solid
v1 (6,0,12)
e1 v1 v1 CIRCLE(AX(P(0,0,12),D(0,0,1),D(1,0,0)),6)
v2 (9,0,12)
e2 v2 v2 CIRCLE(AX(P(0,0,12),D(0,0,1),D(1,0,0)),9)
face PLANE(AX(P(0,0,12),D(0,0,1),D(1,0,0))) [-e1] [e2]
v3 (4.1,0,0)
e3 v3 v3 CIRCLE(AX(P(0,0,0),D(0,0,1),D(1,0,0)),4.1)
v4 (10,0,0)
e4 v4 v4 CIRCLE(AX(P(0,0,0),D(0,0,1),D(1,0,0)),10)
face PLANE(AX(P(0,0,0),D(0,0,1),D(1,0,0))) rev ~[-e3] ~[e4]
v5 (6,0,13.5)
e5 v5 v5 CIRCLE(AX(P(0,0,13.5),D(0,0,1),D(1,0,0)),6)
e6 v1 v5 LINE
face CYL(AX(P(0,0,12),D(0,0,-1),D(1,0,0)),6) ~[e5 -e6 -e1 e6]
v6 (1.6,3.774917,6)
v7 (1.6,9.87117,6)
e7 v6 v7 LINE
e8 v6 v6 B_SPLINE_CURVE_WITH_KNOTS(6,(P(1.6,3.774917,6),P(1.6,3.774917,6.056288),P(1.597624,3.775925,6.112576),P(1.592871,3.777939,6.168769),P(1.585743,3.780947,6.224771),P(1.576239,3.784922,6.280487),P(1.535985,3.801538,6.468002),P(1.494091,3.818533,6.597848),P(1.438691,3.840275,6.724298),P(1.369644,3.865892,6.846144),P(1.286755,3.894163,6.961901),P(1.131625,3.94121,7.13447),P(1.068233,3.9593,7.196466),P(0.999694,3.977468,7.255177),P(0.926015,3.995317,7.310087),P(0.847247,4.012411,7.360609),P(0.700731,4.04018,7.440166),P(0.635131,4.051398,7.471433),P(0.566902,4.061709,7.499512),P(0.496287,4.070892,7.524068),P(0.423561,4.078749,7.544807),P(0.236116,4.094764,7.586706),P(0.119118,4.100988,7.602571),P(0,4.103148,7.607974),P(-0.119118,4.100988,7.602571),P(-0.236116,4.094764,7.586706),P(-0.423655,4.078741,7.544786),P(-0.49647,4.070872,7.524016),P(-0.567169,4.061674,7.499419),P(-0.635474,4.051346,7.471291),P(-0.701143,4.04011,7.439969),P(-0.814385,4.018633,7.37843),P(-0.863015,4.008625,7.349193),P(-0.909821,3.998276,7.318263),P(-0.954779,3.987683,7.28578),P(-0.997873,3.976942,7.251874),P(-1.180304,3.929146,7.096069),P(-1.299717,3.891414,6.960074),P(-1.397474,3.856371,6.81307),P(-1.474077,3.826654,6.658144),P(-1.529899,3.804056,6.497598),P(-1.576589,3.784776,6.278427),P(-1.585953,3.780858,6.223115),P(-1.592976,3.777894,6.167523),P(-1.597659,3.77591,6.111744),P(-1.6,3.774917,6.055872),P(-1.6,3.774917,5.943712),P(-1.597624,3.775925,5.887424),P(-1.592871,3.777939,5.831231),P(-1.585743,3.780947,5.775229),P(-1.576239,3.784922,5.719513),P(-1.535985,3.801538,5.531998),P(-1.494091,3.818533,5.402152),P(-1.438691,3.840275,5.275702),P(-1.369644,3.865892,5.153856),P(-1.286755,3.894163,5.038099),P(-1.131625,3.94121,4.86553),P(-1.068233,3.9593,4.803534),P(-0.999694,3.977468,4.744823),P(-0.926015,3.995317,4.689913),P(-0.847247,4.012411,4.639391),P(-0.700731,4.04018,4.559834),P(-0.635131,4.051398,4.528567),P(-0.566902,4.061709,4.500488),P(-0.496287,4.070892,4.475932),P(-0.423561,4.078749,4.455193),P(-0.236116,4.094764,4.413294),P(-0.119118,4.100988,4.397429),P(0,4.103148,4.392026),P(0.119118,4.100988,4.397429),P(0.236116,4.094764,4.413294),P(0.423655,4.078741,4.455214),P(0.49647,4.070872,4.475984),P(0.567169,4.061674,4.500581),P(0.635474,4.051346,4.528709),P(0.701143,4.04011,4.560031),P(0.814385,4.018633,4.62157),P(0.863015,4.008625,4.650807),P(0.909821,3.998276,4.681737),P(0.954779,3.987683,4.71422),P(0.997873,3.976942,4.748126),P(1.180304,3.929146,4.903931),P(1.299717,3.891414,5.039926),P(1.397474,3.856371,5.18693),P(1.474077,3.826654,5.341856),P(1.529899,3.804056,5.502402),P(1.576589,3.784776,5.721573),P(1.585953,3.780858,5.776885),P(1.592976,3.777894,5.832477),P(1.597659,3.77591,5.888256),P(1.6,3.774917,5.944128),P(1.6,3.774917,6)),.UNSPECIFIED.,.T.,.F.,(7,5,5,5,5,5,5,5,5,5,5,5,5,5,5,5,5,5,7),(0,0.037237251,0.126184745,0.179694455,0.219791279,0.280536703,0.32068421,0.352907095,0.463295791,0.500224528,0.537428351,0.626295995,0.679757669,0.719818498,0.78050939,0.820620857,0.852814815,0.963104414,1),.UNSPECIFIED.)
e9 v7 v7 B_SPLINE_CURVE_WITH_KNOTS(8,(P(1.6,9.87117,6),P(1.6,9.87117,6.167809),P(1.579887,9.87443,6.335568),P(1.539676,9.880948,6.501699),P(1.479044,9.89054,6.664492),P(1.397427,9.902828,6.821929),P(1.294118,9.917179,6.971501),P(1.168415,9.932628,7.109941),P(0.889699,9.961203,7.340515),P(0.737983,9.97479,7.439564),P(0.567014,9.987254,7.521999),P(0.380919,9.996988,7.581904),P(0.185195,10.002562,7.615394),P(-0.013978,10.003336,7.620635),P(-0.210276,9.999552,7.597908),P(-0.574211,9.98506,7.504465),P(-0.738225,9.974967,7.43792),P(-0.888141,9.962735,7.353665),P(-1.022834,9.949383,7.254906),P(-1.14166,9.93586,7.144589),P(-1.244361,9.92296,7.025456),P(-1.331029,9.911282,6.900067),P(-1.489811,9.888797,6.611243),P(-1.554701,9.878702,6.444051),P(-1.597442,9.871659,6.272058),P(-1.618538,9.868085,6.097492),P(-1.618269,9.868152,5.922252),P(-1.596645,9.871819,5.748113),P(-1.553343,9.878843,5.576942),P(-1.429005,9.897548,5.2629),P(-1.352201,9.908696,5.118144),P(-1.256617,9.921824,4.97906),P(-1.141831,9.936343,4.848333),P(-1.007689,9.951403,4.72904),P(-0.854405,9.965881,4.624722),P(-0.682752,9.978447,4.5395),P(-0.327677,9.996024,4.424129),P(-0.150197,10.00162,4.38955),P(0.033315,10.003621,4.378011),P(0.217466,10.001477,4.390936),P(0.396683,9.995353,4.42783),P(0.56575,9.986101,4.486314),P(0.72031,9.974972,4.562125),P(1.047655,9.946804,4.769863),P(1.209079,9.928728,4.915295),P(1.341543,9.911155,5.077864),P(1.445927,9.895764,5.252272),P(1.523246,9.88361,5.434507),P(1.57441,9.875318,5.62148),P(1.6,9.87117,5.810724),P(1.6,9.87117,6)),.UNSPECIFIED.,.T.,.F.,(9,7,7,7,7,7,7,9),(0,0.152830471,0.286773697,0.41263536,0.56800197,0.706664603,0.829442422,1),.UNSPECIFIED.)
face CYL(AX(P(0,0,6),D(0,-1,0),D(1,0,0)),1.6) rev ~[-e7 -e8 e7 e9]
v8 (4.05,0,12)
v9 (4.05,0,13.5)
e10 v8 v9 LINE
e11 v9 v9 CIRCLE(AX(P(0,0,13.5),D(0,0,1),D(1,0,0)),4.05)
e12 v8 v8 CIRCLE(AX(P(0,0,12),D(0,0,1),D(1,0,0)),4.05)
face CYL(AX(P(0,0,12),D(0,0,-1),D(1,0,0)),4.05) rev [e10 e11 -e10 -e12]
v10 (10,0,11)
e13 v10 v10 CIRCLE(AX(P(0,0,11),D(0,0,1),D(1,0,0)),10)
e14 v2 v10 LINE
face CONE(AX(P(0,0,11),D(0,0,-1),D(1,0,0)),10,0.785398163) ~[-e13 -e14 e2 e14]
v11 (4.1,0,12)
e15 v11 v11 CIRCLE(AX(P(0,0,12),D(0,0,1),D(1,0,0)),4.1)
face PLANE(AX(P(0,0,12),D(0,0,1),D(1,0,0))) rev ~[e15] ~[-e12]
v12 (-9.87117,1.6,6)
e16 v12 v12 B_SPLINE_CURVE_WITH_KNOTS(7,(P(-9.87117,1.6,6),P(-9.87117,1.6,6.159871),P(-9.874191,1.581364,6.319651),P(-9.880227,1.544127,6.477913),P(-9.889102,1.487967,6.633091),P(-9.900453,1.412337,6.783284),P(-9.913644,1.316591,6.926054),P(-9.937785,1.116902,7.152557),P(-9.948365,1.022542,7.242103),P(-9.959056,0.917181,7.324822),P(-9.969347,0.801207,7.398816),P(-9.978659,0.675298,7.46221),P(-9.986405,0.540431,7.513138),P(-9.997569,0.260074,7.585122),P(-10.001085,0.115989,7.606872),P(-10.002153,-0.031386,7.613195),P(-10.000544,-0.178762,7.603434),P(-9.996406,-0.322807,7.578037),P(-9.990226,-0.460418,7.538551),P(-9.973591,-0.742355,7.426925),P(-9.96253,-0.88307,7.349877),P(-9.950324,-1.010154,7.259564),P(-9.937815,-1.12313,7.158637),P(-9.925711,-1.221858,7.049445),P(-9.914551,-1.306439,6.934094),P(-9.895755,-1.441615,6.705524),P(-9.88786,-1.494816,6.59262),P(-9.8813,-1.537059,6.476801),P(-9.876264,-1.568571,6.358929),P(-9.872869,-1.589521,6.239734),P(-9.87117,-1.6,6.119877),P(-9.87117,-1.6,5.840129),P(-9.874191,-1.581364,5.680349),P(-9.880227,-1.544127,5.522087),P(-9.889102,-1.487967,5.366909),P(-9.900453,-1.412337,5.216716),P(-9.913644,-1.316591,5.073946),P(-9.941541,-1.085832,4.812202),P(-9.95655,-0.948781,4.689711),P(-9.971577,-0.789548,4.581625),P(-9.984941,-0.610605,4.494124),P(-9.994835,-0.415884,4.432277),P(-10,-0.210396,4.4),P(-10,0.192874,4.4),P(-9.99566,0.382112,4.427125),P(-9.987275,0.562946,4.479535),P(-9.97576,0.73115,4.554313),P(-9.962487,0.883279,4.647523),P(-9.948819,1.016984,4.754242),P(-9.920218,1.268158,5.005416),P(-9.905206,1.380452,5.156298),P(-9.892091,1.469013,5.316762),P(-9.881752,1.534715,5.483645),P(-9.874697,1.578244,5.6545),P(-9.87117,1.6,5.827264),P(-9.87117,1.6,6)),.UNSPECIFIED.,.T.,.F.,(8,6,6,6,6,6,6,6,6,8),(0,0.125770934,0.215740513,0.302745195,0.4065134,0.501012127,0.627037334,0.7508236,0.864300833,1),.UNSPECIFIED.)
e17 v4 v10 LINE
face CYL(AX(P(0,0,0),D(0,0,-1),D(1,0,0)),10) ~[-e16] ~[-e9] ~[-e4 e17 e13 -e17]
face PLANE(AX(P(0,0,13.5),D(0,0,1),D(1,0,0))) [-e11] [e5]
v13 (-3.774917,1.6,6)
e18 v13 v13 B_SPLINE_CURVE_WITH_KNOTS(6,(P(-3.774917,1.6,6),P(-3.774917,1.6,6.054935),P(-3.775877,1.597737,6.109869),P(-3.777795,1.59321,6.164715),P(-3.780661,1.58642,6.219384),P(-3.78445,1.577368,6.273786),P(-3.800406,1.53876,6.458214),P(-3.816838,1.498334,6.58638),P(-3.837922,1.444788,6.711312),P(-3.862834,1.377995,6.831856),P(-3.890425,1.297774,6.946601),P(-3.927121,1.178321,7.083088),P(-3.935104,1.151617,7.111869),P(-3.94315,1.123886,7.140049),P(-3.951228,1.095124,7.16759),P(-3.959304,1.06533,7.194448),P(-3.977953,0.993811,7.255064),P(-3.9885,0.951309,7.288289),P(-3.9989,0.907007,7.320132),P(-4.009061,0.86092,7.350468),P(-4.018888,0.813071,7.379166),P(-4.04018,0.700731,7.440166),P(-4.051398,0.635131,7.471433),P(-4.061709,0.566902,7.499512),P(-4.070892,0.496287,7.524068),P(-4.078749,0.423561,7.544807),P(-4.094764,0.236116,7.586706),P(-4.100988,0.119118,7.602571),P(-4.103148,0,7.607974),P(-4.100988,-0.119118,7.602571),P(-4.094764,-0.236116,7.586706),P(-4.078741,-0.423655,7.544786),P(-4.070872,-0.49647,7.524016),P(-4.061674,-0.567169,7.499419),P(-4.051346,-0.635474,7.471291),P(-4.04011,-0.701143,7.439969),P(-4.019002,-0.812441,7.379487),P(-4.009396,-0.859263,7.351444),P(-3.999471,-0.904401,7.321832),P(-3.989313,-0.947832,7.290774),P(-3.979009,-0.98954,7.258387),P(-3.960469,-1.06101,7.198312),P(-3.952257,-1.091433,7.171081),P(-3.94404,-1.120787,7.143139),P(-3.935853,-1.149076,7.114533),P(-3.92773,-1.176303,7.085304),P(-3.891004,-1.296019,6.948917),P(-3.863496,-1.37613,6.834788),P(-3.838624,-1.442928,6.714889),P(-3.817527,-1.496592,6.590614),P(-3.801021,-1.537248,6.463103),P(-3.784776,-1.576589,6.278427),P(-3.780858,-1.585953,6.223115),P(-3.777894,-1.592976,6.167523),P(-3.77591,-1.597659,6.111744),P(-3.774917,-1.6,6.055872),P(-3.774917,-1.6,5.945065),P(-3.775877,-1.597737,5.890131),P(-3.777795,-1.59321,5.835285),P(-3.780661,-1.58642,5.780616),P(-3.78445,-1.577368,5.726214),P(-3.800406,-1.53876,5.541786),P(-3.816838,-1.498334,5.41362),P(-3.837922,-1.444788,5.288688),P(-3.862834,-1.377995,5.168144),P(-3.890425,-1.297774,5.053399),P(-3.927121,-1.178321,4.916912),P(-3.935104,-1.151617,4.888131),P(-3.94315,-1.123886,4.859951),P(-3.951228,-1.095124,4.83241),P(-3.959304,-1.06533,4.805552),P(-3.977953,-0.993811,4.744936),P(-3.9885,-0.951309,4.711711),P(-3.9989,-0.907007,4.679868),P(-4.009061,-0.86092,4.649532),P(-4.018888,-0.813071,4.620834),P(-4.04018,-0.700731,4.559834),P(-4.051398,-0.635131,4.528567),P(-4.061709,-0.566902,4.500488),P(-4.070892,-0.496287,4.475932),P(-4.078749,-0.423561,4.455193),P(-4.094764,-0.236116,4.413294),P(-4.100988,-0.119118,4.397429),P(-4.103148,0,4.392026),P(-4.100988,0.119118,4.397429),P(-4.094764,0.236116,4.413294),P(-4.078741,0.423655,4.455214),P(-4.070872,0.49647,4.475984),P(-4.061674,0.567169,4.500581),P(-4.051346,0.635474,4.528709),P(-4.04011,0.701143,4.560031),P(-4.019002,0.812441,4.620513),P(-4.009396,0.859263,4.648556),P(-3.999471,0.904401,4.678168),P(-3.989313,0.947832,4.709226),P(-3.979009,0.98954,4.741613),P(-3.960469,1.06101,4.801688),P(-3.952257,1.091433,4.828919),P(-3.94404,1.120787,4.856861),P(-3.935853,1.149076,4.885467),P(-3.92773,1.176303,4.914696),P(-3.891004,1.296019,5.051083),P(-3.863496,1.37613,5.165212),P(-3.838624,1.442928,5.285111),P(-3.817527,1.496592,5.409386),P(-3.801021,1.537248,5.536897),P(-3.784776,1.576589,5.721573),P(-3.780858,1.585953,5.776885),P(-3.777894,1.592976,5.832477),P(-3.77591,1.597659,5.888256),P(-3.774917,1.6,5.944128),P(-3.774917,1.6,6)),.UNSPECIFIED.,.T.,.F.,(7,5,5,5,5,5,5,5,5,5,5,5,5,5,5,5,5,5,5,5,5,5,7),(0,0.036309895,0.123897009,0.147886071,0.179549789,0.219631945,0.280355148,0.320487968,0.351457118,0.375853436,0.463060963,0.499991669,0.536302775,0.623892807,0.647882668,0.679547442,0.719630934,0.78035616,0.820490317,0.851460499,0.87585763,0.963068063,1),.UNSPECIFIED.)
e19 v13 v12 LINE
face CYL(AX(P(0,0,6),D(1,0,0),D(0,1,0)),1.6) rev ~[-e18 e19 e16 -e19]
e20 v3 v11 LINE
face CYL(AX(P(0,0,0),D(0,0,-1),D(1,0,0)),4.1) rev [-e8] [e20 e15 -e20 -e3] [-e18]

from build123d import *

# Parameters (mm, degrees)
F0_R     = 10
F0_R_2   = 4.1
F1_DEPTH = 12
F2_R     = 1.6
F3_DEPTH = 25
F4_R     = 1.6
F5_DEPTH = 25
F6_R     = 6
F6_R_2   = 4.05
F7_DEPTH = 1.5
F8_SIZE  = 1


with BuildPart() as f1:
    # F0 (on Top) → F1 (new body)
    with BuildSketch(Plane.XY):
        Circle(F0_R)
        Circle(F0_R_2, mode=Mode.SUBTRACT)
    extrude(amount=F1_DEPTH)

    # F2 (on Front) → F3 (cut)
    with BuildSketch(Plane.XZ):
        with Locations((0, 6)):
            Circle(F2_R)
    extrude(amount=-F3_DEPTH, mode=Mode.SUBTRACT)

    # F4 (on Right) → F5 (cut)
    with BuildSketch(Plane.YZ):
        with Locations((0, 6)):
            Circle(F4_R)
    extrude(amount=-F5_DEPTH, mode=Mode.SUBTRACT)

    # F6 (on face) → F7 (join)
    with BuildSketch(Plane.XY.offset(12)):
        Circle(F6_R)
        Circle(F6_R_2, mode=Mode.SUBTRACT)
    extrude(amount=F7_DEPTH)

    # F8
    f8_edges = [f1.edges().sort_by_distance(p)[0] for p in [
        (-10, 0, 12),
    ]]
    chamfer(f8_edges, length=F8_SIZE)


solid = f1.part
